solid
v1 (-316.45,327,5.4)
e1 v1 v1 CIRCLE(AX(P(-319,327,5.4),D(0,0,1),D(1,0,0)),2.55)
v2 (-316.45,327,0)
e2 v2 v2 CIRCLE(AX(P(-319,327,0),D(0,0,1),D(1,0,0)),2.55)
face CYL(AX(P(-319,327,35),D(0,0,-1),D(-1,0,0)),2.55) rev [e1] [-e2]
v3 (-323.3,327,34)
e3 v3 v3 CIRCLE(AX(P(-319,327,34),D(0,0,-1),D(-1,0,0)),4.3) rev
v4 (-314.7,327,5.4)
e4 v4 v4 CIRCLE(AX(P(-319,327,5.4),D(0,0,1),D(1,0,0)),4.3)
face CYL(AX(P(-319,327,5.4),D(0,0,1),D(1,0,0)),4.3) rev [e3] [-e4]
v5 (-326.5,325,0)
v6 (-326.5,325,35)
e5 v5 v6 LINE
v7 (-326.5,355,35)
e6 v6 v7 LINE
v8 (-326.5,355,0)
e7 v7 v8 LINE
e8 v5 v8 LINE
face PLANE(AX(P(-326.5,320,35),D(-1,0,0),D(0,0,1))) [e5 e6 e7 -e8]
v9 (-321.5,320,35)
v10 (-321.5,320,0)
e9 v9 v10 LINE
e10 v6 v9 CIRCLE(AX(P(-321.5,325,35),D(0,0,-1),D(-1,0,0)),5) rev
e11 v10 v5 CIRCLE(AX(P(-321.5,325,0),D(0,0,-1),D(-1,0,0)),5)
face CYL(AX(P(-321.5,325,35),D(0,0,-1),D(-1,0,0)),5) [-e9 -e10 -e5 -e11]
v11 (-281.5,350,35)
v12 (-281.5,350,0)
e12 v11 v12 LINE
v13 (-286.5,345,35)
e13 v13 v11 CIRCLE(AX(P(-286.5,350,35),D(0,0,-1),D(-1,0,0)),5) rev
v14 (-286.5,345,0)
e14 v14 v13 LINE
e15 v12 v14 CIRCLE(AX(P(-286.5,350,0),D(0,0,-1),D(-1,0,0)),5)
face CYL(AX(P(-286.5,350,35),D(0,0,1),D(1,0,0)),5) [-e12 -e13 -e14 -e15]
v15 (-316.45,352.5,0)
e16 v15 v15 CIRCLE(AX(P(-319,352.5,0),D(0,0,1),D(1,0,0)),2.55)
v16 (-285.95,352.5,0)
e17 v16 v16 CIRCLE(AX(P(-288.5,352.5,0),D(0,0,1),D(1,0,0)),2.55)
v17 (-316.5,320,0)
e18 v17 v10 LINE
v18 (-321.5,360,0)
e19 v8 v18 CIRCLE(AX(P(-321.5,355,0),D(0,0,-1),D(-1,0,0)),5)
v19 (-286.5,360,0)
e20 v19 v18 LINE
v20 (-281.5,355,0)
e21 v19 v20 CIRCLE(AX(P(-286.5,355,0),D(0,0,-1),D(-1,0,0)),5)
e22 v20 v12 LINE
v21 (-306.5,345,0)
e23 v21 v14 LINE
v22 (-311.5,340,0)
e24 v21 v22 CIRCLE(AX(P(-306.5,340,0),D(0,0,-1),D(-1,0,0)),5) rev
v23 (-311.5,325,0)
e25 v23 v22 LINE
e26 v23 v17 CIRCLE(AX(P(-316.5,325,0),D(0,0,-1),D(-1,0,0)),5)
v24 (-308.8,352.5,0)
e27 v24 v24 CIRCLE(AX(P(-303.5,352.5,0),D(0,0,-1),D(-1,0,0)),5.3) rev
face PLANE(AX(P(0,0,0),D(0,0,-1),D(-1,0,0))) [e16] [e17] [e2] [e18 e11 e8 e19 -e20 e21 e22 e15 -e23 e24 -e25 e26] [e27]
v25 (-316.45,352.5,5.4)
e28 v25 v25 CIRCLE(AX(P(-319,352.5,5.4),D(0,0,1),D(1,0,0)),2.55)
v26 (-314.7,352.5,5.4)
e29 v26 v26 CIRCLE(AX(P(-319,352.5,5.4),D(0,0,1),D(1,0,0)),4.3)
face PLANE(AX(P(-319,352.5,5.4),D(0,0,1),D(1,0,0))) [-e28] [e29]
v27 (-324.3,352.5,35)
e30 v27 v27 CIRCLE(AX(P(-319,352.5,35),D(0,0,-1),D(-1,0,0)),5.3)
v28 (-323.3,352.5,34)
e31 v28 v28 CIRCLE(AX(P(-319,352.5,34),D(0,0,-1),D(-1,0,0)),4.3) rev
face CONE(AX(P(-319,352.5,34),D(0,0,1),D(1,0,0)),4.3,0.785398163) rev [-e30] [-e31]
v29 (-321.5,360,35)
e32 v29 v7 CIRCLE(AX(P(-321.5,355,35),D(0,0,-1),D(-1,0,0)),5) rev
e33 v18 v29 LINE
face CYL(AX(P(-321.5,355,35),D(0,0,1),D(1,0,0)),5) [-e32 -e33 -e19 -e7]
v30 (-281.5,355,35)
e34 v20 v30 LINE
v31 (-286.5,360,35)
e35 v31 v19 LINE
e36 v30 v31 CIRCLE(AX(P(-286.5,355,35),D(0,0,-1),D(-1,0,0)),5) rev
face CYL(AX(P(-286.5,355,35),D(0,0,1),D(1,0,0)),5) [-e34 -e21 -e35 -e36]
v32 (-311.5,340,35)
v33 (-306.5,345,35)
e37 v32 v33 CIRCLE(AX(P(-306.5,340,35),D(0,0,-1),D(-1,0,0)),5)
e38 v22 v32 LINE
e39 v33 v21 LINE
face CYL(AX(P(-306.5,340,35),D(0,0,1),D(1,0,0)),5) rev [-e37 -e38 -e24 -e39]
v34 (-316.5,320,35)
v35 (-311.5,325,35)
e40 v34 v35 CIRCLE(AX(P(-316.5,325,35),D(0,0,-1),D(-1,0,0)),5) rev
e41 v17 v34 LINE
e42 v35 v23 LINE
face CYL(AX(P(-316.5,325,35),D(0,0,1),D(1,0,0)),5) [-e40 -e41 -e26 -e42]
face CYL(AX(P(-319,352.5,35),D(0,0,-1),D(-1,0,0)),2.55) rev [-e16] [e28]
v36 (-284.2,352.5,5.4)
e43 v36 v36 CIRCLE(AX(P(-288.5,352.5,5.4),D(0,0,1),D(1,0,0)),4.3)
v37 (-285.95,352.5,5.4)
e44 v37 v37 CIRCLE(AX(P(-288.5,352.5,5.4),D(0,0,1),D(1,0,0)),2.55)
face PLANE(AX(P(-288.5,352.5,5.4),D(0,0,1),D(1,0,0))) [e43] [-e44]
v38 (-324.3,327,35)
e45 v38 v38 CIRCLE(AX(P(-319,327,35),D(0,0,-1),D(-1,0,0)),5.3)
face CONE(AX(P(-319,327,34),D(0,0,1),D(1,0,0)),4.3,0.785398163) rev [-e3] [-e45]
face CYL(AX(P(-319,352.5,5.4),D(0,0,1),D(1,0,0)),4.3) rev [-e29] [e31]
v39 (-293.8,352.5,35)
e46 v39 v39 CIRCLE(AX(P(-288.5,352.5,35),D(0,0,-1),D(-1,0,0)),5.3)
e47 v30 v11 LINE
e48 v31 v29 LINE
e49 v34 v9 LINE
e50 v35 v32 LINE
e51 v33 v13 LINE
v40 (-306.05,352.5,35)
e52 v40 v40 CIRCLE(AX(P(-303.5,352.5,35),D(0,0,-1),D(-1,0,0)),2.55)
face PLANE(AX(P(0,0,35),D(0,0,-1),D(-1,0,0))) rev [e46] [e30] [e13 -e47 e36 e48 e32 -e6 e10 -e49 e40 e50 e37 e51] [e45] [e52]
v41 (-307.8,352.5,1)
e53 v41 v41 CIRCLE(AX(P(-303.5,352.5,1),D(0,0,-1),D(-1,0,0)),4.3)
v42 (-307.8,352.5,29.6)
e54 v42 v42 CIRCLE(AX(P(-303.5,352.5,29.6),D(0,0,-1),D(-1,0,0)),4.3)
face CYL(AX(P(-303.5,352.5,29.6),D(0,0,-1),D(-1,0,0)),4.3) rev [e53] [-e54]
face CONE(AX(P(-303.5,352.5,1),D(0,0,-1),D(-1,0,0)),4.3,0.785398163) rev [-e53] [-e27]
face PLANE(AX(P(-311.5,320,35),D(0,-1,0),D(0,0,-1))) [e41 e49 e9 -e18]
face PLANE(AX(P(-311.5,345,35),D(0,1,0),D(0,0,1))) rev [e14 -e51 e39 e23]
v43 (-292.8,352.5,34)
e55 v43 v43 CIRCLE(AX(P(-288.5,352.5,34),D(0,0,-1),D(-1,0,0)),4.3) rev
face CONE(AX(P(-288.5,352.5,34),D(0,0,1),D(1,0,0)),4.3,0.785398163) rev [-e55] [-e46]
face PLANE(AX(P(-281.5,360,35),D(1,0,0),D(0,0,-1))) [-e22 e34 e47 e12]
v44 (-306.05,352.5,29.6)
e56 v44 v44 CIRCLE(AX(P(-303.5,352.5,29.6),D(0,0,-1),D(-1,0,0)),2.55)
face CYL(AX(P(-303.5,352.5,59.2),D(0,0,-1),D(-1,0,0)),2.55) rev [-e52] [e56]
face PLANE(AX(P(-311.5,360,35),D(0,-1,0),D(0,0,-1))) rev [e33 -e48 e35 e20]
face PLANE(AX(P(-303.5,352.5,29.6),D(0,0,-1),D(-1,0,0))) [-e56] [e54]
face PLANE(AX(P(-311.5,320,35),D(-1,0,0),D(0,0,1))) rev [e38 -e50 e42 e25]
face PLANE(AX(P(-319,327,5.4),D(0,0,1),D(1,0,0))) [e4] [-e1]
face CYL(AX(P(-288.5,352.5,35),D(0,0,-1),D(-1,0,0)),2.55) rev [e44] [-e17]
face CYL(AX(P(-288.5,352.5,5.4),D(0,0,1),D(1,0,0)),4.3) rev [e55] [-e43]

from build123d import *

# Parameters (mm, degrees)
SKETCH2_R           = 2.55
SKETCH2_W           = 30
SKETCH2_H           = 15
BOSS_EXTRUDE1_DEPTH = 35
SKETCH3_R           = 4.3
CUT_EXTRUDE1_DEPTH  = 29.6
SKETCH4_R           = 4.3
CUT_EXTRUDE2_DEPTH  = 29.6
SKETCH5_R           = 2.55
CUT_EXTRUDE3_DEPTH  = 29.6
FILLET1_R           = 5
CHAMFER1_SIZE       = 1


with BuildPart() as part:
    # Sketch2 → Boss-Extrude1 (new body)
    # profile 1 of 2: a face of its own
    with BuildSketch(Plane.XY):
        Polygon((-326.5, 320), (-311.5, 320), (-311.5, 345), (-311.5, 360), (-326.5, 360), align=None)
        with Locations((-319, 327)):
            Circle(SKETCH2_R, mode=Mode.SUBTRACT)
        with Locations((-319, 352.5)):
            Circle(SKETCH2_R, mode=Mode.SUBTRACT)
    # profile 2 of 2: a face of its own
    with BuildSketch(Plane.XY):
        with Locations((-296.5, 352.5)):
            Rectangle(SKETCH2_W, SKETCH2_H)
        with Locations((-288.5, 352.5)):
            Circle(SKETCH2_R, mode=Mode.SUBTRACT)
    extrude(amount=BOSS_EXTRUDE1_DEPTH)

    # Sketch3 → Cut-Extrude1 (cut)
    with BuildSketch(Plane.XY.offset(35)):
        with Locations((-319, 352.5)):
            Circle(SKETCH3_R)
        with Locations((-319, 327)):
            Circle(SKETCH3_R)
        with Locations((-288.5, 352.5)):
            Circle(SKETCH3_R)
    extrude(amount=-CUT_EXTRUDE1_DEPTH, mode=Mode.SUBTRACT)

    # Sketch4 → Cut-Extrude2 (cut)
    with BuildSketch(Plane(origin=(0, 0, 0), x_dir=(-1, 0, 0), z_dir=(0, 0, -1))):
        with Locations((303.5, 352.5)):
            Circle(SKETCH4_R)
    extrude(amount=-CUT_EXTRUDE2_DEPTH, mode=Mode.SUBTRACT)

    # Sketch5 → Cut-Extrude3 (cut)
    with BuildSketch(Plane(origin=(0, 0, 29.6), x_dir=(-1, 0, 0), z_dir=(0, 0, -1))):
        with Locations((303.5, 352.5)):
            Circle(SKETCH5_R)
    extrude(amount=-CUT_EXTRUDE3_DEPTH, mode=Mode.SUBTRACT)

    # Fillet1
    fillet1_edges = [part.edges().sort_by_distance(p)[0] for p in [
        (-311.5, 345, 17.5),
        (-281.5, 345, 17.5),
        (-281.5, 360, 17.5),
        (-311.5, 320, 17.5),
        (-326.5, 320, 17.5),
        (-326.5, 360, 17.5),
    ]]
    fillet(fillet1_edges, radius=FILLET1_R)

    # Chamfer1
    chamfer1_edges = [part.edges().sort_by_distance(p)[0] for p in [
        (-292.8, 352.5, 35),
        (-323.3, 327, 35),
        (-323.3, 352.5, 35),
        (-299.2, 352.5, 0),
    ]]
    chamfer(chamfer1_edges, length=CHAMFER1_SIZE)


solid = part.part
